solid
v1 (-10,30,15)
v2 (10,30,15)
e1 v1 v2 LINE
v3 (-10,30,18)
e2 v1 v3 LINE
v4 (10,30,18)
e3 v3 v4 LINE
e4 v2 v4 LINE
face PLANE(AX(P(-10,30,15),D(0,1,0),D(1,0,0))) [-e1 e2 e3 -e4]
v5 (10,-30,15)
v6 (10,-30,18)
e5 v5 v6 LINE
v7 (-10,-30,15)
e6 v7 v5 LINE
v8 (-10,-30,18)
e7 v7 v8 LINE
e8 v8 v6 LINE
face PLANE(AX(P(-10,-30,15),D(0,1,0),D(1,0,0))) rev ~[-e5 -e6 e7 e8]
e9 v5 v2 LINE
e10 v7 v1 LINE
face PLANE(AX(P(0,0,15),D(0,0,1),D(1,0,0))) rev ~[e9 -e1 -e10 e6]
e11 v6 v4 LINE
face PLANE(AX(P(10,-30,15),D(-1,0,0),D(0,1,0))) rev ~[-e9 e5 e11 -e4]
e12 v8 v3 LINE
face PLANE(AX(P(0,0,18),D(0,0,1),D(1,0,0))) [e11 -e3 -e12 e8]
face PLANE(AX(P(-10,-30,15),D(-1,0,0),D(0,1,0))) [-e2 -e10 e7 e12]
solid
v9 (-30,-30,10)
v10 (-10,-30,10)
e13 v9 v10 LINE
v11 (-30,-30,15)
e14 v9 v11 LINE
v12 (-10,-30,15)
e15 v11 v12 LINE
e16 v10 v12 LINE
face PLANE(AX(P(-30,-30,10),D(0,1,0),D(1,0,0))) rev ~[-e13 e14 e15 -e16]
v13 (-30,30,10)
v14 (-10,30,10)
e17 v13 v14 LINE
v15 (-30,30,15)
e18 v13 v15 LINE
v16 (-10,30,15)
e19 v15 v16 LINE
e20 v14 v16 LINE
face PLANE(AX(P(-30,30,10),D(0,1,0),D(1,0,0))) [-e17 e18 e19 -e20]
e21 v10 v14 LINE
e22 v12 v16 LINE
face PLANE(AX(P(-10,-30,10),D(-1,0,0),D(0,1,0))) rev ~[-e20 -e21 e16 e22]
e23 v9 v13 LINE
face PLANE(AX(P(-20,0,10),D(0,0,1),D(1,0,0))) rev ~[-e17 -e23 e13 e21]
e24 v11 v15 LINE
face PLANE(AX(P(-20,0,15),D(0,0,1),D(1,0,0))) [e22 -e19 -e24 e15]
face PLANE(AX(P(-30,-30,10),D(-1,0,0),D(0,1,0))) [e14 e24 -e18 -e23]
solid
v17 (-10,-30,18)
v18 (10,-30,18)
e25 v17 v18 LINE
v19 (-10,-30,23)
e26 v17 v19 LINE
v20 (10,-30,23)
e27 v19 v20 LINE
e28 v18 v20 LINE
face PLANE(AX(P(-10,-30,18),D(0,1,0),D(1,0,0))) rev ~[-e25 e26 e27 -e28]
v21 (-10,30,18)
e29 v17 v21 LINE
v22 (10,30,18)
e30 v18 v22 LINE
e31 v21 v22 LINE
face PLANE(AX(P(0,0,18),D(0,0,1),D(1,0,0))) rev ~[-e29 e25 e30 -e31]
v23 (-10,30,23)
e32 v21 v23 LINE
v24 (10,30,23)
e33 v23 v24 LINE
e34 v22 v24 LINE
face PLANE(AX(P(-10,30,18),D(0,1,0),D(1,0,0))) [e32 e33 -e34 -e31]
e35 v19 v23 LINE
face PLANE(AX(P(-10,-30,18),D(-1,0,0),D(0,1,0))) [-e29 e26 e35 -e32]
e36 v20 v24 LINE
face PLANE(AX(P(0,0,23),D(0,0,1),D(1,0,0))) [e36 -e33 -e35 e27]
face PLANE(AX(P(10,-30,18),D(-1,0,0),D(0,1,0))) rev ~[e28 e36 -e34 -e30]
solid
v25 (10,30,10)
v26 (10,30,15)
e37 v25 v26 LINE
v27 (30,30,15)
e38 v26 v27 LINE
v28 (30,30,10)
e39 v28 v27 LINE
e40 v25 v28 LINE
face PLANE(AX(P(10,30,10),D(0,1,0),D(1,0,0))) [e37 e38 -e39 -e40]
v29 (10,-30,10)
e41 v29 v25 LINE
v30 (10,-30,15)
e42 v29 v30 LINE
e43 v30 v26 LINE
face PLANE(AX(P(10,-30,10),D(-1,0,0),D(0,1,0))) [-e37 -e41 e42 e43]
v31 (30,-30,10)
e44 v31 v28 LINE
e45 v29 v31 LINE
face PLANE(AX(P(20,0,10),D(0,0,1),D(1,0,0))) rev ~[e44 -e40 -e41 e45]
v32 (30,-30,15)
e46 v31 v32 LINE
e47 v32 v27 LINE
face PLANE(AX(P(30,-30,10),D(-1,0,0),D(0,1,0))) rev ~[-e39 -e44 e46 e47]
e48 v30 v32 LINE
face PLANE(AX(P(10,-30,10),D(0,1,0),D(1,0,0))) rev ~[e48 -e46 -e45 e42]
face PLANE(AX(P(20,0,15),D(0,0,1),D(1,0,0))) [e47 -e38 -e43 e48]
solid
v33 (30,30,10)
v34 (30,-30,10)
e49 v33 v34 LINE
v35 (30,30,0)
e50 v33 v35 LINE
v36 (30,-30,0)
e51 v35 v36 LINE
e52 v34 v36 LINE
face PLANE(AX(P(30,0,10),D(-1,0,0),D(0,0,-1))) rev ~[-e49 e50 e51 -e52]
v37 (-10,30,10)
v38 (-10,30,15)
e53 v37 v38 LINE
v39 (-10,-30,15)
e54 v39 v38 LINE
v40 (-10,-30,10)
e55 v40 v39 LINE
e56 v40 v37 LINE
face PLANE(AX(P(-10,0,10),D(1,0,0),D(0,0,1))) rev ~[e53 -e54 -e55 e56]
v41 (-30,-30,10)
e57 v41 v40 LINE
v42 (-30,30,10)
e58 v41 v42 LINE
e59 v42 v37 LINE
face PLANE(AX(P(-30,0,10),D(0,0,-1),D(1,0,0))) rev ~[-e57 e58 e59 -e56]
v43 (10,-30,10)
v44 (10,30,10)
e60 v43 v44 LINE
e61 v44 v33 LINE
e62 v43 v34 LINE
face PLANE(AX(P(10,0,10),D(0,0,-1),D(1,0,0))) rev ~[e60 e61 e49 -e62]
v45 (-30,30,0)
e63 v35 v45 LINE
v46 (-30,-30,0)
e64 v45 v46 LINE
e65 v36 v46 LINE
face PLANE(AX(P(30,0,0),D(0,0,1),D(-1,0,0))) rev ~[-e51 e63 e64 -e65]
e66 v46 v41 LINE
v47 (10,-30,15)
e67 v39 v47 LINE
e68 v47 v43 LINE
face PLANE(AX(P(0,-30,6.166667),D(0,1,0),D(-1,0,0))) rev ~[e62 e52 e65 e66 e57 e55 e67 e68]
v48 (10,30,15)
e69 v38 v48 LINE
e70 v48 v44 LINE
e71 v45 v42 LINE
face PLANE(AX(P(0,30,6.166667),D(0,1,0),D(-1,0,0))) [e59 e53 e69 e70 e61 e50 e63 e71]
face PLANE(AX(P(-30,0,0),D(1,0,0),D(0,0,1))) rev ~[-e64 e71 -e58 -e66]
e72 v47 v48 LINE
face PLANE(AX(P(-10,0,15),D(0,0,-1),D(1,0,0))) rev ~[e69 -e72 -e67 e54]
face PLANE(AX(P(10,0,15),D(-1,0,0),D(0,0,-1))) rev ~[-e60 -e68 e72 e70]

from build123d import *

# Parameters (mm, degrees)
PAD_DEPTH    = 30
SKETCH001_W  = 20
SKETCH001_H  = 60
PAD001_DEPTH = 5
SKETCH002_W  = 20
SKETCH002_H  = 60
PAD002_DEPTH = 3
SKETCH003_W  = 20
SKETCH003_H  = 60
PAD003_DEPTH = 5


with BuildPart() as p_type_si:
    # Sketch → Pad (new body, symmetric)
    with BuildSketch(Plane.XZ):
        Polygon((-30, 0), (-30, 10), (-10, 10), (-10, 15), (10, 15), (10, 10), (30, 10), (30, 0), align=None)
    extrude(amount=PAD_DEPTH, both=True)


with BuildPart() as n_type_si:
    # Sketch001 → Pad001 (new body)
    with BuildSketch(Plane.XY.offset(10)):
        with Locations((-20, 0)):
            Rectangle(SKETCH001_W, SKETCH001_H)
        with Locations((20, 0)):
            Rectangle(SKETCH001_W, SKETCH001_H)
    extrude(amount=PAD001_DEPTH)


with BuildPart() as oxide_film:
    # Sketch002 → Pad002 (new body)
    with BuildSketch(Plane.XY.offset(15)):
        Rectangle(SKETCH002_W, SKETCH002_H)
    extrude(amount=PAD002_DEPTH)


with BuildPart() as metal_gate:
    # Sketch003 → Pad003 (new body)
    with BuildSketch(Plane.XY.offset(18)):
        Rectangle(SKETCH003_W, SKETCH003_H)
    extrude(amount=PAD003_DEPTH)


solid = Compound([p_type_si.part, n_type_si.part, oxide_film.part, metal_gate.part])
